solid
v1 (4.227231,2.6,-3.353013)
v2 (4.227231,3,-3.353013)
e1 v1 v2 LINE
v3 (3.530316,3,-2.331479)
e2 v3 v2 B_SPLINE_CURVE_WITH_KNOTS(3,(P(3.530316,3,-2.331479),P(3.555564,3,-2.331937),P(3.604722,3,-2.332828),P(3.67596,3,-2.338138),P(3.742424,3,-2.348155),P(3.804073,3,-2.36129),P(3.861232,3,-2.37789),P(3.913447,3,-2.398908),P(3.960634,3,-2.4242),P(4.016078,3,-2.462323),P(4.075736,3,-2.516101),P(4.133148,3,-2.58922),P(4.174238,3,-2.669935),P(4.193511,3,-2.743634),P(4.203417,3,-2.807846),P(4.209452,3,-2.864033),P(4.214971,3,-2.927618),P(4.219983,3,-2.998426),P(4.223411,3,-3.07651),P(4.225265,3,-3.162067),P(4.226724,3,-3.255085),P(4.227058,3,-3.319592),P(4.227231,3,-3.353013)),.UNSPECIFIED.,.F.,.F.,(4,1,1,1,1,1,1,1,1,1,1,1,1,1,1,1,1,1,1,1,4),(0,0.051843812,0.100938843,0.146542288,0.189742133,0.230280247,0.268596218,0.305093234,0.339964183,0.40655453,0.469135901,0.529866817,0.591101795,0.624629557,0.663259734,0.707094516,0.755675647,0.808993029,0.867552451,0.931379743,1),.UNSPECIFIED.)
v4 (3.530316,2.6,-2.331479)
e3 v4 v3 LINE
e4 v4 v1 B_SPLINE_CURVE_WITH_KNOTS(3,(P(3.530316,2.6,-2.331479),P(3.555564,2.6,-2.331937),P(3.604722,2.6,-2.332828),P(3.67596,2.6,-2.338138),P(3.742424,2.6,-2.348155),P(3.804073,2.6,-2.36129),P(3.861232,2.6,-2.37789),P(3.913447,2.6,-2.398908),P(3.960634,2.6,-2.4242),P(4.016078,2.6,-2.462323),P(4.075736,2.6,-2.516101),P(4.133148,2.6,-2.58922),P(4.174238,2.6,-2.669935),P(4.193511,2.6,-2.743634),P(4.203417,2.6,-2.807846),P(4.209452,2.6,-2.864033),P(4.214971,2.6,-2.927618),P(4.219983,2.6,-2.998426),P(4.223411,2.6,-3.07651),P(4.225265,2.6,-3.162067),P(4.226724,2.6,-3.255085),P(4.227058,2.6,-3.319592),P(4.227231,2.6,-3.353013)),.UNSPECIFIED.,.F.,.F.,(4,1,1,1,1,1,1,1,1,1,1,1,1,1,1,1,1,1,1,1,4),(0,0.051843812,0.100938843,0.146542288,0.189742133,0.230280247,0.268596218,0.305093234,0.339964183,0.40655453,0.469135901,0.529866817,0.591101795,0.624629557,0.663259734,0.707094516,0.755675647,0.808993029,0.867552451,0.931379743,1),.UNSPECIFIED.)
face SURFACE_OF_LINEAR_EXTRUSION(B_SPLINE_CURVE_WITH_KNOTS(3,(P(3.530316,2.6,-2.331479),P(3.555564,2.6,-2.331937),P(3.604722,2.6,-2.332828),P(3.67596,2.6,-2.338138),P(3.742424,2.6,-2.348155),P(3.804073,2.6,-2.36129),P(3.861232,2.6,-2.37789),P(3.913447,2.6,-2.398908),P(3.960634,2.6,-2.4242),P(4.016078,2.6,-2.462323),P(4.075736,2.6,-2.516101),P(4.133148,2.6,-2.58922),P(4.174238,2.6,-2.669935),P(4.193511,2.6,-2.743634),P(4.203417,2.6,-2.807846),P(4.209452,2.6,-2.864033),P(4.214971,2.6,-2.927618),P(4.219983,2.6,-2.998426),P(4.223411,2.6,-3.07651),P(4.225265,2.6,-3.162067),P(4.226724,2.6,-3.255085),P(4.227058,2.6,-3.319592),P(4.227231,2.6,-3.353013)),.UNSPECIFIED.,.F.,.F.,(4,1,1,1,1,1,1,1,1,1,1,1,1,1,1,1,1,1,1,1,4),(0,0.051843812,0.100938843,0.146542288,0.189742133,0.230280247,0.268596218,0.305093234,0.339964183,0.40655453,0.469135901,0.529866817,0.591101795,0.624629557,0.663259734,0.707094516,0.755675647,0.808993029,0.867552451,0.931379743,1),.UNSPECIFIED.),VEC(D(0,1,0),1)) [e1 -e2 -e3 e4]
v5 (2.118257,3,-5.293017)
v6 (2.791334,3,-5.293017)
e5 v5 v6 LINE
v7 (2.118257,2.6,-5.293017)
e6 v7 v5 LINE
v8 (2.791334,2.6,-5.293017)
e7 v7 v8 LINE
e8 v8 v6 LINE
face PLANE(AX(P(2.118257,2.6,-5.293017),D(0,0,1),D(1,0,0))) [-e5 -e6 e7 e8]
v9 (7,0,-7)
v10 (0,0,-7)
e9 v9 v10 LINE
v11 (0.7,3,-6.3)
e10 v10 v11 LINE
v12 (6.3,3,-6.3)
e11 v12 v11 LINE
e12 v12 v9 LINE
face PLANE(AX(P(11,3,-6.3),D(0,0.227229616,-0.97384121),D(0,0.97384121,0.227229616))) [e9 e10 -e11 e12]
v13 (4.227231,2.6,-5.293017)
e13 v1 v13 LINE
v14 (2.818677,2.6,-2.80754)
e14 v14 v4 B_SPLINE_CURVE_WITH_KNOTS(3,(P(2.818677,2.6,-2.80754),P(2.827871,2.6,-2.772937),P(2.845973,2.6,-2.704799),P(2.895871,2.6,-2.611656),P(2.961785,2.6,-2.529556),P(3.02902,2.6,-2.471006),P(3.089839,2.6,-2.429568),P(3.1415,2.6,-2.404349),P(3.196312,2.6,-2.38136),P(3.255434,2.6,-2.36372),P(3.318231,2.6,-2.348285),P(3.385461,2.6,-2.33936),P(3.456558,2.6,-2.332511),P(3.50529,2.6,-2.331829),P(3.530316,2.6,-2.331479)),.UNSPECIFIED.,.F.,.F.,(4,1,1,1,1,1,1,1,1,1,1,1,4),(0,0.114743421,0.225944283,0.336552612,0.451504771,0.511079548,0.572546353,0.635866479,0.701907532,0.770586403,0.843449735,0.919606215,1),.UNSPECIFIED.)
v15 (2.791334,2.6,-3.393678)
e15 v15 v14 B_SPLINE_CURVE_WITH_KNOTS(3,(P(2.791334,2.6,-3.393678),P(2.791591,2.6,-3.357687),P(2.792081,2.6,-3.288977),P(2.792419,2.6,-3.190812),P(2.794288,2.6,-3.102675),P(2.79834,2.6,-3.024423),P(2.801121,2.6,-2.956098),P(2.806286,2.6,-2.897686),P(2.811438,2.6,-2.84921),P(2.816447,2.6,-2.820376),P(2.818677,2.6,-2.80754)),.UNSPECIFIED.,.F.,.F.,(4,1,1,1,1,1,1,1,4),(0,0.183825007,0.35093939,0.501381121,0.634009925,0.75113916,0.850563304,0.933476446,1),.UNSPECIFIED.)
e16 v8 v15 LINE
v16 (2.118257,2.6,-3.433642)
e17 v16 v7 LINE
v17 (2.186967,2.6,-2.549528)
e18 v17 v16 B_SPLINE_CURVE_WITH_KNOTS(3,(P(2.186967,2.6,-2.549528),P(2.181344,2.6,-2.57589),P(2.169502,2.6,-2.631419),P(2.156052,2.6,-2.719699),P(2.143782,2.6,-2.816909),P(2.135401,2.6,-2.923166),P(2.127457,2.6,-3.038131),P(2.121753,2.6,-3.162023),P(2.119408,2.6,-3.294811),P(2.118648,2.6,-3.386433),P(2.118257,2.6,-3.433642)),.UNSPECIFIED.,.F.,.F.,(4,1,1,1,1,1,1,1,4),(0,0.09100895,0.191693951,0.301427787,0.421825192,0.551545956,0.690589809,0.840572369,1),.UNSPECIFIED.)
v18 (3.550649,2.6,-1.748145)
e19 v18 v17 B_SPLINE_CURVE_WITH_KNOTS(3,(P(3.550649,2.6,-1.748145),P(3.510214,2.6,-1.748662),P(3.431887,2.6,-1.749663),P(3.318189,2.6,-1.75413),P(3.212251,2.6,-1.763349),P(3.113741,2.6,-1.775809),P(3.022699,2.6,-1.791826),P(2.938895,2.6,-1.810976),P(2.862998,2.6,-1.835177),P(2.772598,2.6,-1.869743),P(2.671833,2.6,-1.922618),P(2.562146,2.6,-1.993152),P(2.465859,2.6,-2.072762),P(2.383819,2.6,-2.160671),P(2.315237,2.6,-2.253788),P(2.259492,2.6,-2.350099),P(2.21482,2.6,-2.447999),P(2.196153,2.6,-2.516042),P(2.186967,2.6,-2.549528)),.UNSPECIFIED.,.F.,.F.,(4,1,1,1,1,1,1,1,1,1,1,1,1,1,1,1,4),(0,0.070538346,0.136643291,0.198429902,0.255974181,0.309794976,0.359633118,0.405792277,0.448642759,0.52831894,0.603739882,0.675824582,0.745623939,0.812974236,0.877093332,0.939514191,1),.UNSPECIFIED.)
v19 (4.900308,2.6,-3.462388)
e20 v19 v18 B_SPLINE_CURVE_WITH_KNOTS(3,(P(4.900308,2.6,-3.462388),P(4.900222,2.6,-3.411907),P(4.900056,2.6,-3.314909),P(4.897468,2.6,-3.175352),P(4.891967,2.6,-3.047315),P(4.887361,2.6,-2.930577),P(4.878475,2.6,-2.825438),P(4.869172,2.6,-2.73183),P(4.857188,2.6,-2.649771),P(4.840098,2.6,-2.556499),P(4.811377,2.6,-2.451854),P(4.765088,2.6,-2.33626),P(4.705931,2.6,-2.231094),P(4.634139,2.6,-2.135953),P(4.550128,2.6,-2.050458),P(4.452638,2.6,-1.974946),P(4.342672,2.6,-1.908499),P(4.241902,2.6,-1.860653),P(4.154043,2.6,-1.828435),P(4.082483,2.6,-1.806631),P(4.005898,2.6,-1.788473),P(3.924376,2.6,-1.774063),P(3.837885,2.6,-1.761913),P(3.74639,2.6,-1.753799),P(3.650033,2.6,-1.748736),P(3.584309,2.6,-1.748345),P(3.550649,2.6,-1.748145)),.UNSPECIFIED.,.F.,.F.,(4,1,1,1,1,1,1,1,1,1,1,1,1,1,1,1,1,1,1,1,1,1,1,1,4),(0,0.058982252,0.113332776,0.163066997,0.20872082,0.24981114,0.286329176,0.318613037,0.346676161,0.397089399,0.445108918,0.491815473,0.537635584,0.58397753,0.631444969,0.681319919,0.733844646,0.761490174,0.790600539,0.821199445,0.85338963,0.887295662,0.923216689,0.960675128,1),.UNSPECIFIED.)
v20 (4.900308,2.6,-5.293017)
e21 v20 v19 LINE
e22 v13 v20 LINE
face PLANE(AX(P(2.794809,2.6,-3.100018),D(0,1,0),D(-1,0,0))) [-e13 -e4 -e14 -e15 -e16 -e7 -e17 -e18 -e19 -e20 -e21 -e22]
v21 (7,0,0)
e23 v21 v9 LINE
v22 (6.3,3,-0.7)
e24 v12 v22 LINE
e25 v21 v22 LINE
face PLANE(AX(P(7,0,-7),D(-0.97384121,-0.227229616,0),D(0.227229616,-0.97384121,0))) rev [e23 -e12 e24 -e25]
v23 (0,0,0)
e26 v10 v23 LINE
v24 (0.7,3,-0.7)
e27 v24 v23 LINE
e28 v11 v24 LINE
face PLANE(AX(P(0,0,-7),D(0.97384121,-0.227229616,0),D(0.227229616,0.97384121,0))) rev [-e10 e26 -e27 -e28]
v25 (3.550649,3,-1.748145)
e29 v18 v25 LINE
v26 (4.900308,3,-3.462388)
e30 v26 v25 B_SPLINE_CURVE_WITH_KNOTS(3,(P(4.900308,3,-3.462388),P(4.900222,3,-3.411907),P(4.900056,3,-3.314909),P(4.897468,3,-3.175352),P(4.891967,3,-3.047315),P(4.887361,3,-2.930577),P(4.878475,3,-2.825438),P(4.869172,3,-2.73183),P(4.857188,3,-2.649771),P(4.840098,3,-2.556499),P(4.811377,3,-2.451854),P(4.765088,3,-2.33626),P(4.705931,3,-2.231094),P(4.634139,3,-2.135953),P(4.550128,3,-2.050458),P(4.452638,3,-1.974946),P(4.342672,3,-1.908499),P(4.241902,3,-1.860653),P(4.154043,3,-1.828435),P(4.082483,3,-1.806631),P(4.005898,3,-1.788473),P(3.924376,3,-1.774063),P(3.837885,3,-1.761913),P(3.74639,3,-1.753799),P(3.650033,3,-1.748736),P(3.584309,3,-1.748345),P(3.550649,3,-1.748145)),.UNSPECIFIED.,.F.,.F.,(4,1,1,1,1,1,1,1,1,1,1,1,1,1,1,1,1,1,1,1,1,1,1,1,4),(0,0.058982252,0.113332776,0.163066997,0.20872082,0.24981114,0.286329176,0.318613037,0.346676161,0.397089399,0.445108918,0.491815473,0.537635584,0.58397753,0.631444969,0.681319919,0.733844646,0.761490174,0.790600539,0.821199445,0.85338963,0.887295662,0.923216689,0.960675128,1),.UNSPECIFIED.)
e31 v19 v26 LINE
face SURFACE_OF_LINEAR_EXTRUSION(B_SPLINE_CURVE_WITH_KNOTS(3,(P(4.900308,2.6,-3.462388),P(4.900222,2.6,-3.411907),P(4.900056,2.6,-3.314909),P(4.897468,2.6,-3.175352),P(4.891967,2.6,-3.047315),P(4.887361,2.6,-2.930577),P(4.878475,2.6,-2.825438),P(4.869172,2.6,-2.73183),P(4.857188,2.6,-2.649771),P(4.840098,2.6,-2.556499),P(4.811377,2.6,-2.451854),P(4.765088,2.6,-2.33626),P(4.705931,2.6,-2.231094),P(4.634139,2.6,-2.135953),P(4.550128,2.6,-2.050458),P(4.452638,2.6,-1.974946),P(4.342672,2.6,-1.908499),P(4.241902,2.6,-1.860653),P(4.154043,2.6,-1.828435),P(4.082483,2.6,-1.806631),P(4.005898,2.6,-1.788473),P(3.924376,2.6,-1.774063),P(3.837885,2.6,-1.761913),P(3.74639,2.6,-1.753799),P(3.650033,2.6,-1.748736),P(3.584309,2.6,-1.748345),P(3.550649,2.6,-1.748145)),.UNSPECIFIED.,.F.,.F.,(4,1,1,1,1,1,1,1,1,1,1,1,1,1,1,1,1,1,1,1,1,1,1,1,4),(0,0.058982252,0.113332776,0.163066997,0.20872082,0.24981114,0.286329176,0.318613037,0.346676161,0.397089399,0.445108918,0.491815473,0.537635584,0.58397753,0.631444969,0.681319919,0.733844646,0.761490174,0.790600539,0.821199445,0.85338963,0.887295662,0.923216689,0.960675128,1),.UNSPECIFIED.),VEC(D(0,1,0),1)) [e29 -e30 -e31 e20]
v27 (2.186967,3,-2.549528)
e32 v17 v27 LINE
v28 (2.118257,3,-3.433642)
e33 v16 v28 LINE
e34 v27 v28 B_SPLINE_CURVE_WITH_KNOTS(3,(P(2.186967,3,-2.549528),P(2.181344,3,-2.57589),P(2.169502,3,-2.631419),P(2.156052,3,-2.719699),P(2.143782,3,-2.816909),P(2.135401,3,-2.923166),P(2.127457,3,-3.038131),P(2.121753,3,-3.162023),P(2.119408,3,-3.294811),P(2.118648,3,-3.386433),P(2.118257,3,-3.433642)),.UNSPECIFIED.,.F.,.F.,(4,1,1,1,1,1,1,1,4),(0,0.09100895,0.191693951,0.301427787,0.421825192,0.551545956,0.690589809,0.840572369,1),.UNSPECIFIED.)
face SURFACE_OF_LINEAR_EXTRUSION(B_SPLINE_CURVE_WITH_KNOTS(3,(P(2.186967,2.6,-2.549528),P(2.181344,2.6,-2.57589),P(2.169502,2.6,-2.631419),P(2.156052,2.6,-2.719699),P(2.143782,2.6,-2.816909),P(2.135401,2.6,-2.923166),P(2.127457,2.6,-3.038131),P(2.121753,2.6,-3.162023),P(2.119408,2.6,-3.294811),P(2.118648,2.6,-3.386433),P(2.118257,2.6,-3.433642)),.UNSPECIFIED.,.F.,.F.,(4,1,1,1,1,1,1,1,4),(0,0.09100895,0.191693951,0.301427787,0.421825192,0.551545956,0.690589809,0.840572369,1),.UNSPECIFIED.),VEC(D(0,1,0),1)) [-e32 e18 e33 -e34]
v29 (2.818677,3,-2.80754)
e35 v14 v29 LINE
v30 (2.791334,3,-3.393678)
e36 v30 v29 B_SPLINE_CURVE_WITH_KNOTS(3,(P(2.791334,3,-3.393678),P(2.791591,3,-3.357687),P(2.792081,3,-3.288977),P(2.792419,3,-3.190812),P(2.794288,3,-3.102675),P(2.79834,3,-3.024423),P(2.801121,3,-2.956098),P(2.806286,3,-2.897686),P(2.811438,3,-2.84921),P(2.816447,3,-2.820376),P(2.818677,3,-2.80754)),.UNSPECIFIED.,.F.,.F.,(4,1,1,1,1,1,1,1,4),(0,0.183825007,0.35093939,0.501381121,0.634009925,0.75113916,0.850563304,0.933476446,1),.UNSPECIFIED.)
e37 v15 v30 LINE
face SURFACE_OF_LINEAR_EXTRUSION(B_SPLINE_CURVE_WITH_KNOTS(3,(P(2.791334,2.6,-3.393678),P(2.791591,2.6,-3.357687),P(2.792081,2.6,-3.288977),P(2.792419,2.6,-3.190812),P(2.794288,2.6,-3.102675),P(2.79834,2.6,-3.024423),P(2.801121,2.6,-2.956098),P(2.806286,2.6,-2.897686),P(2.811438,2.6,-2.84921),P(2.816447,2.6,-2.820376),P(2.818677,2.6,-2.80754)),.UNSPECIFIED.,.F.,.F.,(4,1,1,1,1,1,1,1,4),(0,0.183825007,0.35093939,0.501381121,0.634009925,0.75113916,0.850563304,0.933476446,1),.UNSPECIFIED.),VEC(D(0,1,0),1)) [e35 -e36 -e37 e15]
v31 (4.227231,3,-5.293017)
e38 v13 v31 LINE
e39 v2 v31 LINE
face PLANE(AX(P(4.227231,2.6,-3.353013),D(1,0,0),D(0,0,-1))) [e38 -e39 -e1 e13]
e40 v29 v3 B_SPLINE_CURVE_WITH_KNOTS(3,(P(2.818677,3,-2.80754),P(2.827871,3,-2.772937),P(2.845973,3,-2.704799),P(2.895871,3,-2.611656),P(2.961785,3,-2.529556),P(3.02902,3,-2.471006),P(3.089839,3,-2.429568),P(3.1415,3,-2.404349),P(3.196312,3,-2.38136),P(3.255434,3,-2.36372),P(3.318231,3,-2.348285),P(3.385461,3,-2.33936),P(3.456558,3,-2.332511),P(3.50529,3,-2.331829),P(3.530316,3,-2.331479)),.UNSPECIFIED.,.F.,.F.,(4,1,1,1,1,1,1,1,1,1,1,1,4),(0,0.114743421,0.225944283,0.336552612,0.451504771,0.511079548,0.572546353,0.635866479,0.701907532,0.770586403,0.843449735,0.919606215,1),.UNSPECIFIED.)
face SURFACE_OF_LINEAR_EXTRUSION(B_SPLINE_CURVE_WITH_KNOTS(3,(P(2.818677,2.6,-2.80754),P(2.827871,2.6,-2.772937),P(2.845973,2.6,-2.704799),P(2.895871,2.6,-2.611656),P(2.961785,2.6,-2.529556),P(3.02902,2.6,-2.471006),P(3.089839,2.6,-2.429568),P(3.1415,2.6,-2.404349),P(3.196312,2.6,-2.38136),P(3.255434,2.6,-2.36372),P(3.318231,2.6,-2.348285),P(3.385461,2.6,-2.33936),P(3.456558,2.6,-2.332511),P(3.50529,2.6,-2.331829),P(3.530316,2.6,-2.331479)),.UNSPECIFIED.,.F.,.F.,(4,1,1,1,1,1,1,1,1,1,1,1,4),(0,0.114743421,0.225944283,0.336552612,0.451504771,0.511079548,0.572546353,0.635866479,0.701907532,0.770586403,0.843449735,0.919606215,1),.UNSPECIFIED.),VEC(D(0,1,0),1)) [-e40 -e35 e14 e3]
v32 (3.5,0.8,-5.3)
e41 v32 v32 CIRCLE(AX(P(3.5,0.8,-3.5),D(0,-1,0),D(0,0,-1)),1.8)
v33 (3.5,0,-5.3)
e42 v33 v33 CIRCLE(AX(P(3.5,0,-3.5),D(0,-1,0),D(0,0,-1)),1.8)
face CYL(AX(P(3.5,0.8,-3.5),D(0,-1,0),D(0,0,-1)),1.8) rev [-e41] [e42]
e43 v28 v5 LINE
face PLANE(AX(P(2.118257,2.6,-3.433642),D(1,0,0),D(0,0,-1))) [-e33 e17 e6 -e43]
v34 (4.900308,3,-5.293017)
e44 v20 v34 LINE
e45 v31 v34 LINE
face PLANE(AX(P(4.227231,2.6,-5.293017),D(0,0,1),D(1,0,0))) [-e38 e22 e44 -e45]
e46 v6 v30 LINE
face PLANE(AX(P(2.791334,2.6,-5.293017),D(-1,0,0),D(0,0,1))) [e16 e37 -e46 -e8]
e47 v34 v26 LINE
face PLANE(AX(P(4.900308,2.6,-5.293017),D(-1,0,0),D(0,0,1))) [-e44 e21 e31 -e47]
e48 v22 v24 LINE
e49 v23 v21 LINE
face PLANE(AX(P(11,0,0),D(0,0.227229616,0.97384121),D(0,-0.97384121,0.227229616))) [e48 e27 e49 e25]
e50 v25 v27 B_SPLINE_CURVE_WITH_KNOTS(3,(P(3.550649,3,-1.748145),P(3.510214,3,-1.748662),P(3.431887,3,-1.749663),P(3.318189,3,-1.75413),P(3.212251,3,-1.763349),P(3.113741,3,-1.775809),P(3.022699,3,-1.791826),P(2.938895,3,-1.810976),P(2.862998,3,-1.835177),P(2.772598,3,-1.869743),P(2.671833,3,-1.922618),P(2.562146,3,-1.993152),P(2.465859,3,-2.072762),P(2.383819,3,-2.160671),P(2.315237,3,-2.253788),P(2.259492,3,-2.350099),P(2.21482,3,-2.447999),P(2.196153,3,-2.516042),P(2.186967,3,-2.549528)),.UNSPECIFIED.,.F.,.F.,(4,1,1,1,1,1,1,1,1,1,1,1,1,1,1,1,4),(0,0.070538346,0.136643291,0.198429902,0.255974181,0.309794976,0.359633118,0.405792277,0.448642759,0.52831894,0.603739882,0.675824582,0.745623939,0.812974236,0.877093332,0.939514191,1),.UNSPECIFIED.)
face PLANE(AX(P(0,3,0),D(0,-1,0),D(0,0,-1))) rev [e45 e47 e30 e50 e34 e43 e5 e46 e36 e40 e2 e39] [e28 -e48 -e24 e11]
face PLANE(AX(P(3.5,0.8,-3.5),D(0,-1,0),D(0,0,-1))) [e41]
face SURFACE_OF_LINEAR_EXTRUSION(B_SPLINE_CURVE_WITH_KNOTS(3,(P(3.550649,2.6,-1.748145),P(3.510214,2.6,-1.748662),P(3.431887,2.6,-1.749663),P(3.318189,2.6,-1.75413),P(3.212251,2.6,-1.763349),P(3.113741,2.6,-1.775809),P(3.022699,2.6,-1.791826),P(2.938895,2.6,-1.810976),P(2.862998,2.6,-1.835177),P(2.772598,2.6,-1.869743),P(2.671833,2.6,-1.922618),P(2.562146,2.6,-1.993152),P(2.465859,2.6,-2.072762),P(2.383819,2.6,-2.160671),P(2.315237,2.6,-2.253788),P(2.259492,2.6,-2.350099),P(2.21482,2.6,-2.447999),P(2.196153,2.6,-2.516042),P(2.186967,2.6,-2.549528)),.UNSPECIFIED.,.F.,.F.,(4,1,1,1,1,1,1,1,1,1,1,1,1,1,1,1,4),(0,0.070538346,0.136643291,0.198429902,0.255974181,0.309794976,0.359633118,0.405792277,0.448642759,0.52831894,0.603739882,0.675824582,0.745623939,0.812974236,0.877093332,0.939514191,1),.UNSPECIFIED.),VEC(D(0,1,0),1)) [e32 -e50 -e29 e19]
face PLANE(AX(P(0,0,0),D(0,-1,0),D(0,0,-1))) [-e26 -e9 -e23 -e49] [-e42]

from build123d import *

# Parameters (mm, degrees)
SKETCH1_W           = 7
SKETCH1_H           = 7
BOSS_EXTRUDE1_DEPTH = 3
CUT_EXTRUDE1_DEPTH  = 7
CUT_EXTRUDE2_DEPTH  = 11
SKETCH4_R           = 1.8
CUT_EXTRUDE3_DEPTH  = 0.8
CUT_EXTRUDE4_DEPTH  = 0.4


with BuildPart() as part:
    # Sketch1 → Boss-Extrude1 (new body)
    with BuildSketch(Plane(origin=(0, 0, 0), x_dir=(1, 0, 0), z_dir=(0, 1, 0))):
        with Locations((3.5, 3.5)):
            Rectangle(SKETCH1_W, SKETCH1_H)
    extrude(amount=BOSS_EXTRUDE1_DEPTH)

    # Sketch2 → Cut-Extrude1 (cut)
    with BuildSketch(Plane.XY):
        Polygon((0, 0), (0.7, 3), (0, 3), align=None)
        Polygon((7, 0), (6.3, 3), (7, 3), align=None)
    extrude(amount=-CUT_EXTRUDE1_DEPTH, mode=Mode.SUBTRACT)

    # Sketch3 → Cut-Extrude2 (cut)
    with BuildSketch(Plane(origin=(0, 0, 0), x_dir=(0, 0, -1), z_dir=(1, 0, 0))):
        Polygon((0, 0), (0.7, 3), (0, 3), align=None)
        Polygon((7, 3), (6.3, 3), (7, 0), align=None)
    extrude(amount=CUT_EXTRUDE2_DEPTH, mode=Mode.SUBTRACT)

    # Sketch4 → Cut-Extrude3 (cut)
    with BuildSketch(Plane.XZ):
        with Locations(Location((3.5, -3.5, 0), (0, 0, 270))):
            Circle(SKETCH4_R)
    extrude(amount=-CUT_EXTRUDE3_DEPTH, mode=Mode.SUBTRACT)

    # Sketch5 → Cut-Extrude4 (cut)
    with BuildSketch(Plane(origin=(0, 3, 0), x_dir=(1, 0, 0), z_dir=(0, 1, 0))):
        with BuildLine():
            Line((2.118256711, 5.29301719), (2.791333634, 5.29301719))
            Line((2.791333634, 5.29301719), (2.791333634, 3.393678247))
            add(Edge.make_bspline(
                [(2.791333634, 3.393678247), (2.79159059, 3.357687368), (2.792081143, 3.288977364), (2.792418818, 3.190811929), (2.794287554, 3.102674552), (2.798340091, 3.024423212), (2.801121459, 2.956097816), (2.806286157, 2.897685825), (2.811438338, 2.849209985), (2.816447496, 2.820376155), (2.818677384, 2.807540427)],
                knots=[0, 0, 0, 0, 1.470600056, 2.807515117, 4.011048972, 5.072079398, 6.00911328, 6.804506435, 7.467811572, 8, 8, 8, 8], degree=3))
            add(Edge.make_bspline(
                [(2.818677384, 2.807540427), (2.827870656, 2.772937179), (2.845973369, 2.704799015), (2.895871105, 2.611655954), (2.961785309, 2.529556211), (3.029020227, 2.471005878), (3.08983939, 2.429568298), (3.141500286, 2.404348789), (3.196312159, 2.381359585), (3.255433761, 2.363720163), (3.318230563, 2.348285034), (3.385461086, 2.339360335), (3.456557942, 2.33251085), (3.505290309, 2.331828921), (3.530316005, 2.331478728)],
                knots=[0, 0, 0, 0, 1.376921055, 2.711331395, 4.038631339, 5.418057255, 6.132954575, 6.870556231, 7.630397752, 8.422890386, 9.247036838, 10.121396817, 11.035274583, 12, 12, 12, 12], degree=3))
            add(Edge.make_bspline(
                [(3.530316005, 2.331478728), (3.555564197, 2.331936651), (3.604721911, 2.332828219), (3.67595983, 2.338137813), (3.742423591, 2.348155186), (3.804072535, 2.361289897), (3.86123227, 2.37788997), (3.913446785, 2.398907615), (3.960633797, 2.424200444), (4.016077825, 2.462322988), (4.075735526, 2.516101492), (4.133148446, 2.589220237), (4.174238425, 2.669935378), (4.193511366, 2.743634339), (4.203417011, 2.807845981), (4.209452062, 2.864033397), (4.214971422, 2.927618056), (4.219983422, 2.9984258), (4.223410988, 3.07650978), (4.225264898, 3.162067474), (4.226723935, 3.255085239), (4.227057995, 3.319592414), (4.22723107, 3.353013183)],
                knots=[0, 0, 0, 0, 1.036876239, 2.018776863, 2.930845756, 3.794842666, 4.605604932, 5.371924355, 6.101864688, 6.799283669, 8.1310906, 9.382718023, 10.597336334, 11.822035891, 12.492591141, 13.265194674, 14.141890321, 15.11351293, 16.179860579, 17.351049011, 18.627594861, 20, 20, 20, 20], degree=3))
            Line((4.22723107, 3.353013183), (4.22723107, 5.29301719))
            Line((4.22723107, 5.29301719), (4.900307993, 5.29301719))
            Line((4.900307993, 5.29301719), (4.900307993, 3.462388183))
            add(Edge.make_bspline(
                [(4.900307993, 3.462388183), (4.900221723, 3.411906909), (4.900055958, 3.314908527), (4.897467772, 3.175352057), (4.891967054, 3.047314846), (4.887360678, 2.930577419), (4.878475168, 2.825437586), (4.86917207, 2.731829975), (4.85718756, 2.649770945), (4.840097538, 2.556498932), (4.811376645, 2.451853735), (4.765088439, 2.336259695), (4.705930722, 2.231093862), (4.634139223, 2.135952726), (4.550127521, 2.050458146), (4.452637717, 1.97494623), (4.342672295, 1.908498965), (4.241901685, 1.860652783), (4.154042624, 1.828434731), (4.082482889, 1.806630998), (4.005897563, 1.788473049), (3.924376469, 1.774063102), (3.837884577, 1.761913385), (3.746390484, 1.753799365), (3.650032611, 1.748735644), (3.584309093, 1.748345307), (3.550648537, 1.748145395)],
                knots=[0, 0, 0, 0, 1.415574045, 2.719986624, 3.913607924, 5.00929969, 5.995467356, 6.871900228, 7.64671288, 8.320227872, 9.530145585, 10.682614022, 11.803571353, 12.90325401, 14.015460715, 15.154679255, 16.351678057, 17.612271512, 18.275764165, 18.974412946, 19.708786676, 20.481351116, 21.295095879, 22.157200529, 23.056203067, 24, 24, 24, 24], degree=3))
            add(Edge.make_bspline(
                [(3.550648537, 1.748145395), (3.510214347, 1.748662249), (3.431887293, 1.749663472), (3.318189063, 1.754129843), (3.212251246, 1.763348604), (3.113741005, 1.775808622), (3.022699014, 1.791826383), (2.938894957, 1.810975517), (2.862997887, 1.835177319), (2.772598387, 1.869743344), (2.671833064, 1.922617774), (2.562145747, 1.993151834), (2.465859145, 2.072762044), (2.383819281, 2.160670513), (2.315237148, 2.253787937), (2.259491992, 2.350099358), (2.214819658, 2.447999484), (2.196153021, 2.516041987), (2.186966646, 2.549527606)],
                knots=[0, 0, 0, 0, 1.128613534, 2.186292659, 3.174878439, 4.095586888, 4.95671962, 5.754129884, 6.492676435, 7.178284149, 8.453103036, 9.659838108, 10.813193309, 11.929983019, 13.007587775, 14.033493319, 15.032227051, 16, 16, 16, 16], degree=3))
            add(Edge.make_bspline(
                [(2.186966646, 2.549527606), (2.181344262, 2.575890465), (2.169501722, 2.631419074), (2.156051883, 2.719698679), (2.143781668, 2.816909308), (2.135400951, 2.923165946), (2.127456798, 3.038131461), (2.121753178, 3.16202262), (2.119407844, 3.294811291), (2.118648152, 3.386432941), (2.118256711, 3.43364219)],
                knots=[0, 0, 0, 0, 0.728071598, 1.533551606, 2.411422299, 3.374601532, 4.412367648, 5.524718474, 6.72457895, 8, 8, 8, 8], degree=3))
            Line((2.118256711, 3.43364219), (2.118256711, 5.29301719))
        make_face()
    extrude(amount=-CUT_EXTRUDE4_DEPTH, mode=Mode.SUBTRACT)


solid = part.part
